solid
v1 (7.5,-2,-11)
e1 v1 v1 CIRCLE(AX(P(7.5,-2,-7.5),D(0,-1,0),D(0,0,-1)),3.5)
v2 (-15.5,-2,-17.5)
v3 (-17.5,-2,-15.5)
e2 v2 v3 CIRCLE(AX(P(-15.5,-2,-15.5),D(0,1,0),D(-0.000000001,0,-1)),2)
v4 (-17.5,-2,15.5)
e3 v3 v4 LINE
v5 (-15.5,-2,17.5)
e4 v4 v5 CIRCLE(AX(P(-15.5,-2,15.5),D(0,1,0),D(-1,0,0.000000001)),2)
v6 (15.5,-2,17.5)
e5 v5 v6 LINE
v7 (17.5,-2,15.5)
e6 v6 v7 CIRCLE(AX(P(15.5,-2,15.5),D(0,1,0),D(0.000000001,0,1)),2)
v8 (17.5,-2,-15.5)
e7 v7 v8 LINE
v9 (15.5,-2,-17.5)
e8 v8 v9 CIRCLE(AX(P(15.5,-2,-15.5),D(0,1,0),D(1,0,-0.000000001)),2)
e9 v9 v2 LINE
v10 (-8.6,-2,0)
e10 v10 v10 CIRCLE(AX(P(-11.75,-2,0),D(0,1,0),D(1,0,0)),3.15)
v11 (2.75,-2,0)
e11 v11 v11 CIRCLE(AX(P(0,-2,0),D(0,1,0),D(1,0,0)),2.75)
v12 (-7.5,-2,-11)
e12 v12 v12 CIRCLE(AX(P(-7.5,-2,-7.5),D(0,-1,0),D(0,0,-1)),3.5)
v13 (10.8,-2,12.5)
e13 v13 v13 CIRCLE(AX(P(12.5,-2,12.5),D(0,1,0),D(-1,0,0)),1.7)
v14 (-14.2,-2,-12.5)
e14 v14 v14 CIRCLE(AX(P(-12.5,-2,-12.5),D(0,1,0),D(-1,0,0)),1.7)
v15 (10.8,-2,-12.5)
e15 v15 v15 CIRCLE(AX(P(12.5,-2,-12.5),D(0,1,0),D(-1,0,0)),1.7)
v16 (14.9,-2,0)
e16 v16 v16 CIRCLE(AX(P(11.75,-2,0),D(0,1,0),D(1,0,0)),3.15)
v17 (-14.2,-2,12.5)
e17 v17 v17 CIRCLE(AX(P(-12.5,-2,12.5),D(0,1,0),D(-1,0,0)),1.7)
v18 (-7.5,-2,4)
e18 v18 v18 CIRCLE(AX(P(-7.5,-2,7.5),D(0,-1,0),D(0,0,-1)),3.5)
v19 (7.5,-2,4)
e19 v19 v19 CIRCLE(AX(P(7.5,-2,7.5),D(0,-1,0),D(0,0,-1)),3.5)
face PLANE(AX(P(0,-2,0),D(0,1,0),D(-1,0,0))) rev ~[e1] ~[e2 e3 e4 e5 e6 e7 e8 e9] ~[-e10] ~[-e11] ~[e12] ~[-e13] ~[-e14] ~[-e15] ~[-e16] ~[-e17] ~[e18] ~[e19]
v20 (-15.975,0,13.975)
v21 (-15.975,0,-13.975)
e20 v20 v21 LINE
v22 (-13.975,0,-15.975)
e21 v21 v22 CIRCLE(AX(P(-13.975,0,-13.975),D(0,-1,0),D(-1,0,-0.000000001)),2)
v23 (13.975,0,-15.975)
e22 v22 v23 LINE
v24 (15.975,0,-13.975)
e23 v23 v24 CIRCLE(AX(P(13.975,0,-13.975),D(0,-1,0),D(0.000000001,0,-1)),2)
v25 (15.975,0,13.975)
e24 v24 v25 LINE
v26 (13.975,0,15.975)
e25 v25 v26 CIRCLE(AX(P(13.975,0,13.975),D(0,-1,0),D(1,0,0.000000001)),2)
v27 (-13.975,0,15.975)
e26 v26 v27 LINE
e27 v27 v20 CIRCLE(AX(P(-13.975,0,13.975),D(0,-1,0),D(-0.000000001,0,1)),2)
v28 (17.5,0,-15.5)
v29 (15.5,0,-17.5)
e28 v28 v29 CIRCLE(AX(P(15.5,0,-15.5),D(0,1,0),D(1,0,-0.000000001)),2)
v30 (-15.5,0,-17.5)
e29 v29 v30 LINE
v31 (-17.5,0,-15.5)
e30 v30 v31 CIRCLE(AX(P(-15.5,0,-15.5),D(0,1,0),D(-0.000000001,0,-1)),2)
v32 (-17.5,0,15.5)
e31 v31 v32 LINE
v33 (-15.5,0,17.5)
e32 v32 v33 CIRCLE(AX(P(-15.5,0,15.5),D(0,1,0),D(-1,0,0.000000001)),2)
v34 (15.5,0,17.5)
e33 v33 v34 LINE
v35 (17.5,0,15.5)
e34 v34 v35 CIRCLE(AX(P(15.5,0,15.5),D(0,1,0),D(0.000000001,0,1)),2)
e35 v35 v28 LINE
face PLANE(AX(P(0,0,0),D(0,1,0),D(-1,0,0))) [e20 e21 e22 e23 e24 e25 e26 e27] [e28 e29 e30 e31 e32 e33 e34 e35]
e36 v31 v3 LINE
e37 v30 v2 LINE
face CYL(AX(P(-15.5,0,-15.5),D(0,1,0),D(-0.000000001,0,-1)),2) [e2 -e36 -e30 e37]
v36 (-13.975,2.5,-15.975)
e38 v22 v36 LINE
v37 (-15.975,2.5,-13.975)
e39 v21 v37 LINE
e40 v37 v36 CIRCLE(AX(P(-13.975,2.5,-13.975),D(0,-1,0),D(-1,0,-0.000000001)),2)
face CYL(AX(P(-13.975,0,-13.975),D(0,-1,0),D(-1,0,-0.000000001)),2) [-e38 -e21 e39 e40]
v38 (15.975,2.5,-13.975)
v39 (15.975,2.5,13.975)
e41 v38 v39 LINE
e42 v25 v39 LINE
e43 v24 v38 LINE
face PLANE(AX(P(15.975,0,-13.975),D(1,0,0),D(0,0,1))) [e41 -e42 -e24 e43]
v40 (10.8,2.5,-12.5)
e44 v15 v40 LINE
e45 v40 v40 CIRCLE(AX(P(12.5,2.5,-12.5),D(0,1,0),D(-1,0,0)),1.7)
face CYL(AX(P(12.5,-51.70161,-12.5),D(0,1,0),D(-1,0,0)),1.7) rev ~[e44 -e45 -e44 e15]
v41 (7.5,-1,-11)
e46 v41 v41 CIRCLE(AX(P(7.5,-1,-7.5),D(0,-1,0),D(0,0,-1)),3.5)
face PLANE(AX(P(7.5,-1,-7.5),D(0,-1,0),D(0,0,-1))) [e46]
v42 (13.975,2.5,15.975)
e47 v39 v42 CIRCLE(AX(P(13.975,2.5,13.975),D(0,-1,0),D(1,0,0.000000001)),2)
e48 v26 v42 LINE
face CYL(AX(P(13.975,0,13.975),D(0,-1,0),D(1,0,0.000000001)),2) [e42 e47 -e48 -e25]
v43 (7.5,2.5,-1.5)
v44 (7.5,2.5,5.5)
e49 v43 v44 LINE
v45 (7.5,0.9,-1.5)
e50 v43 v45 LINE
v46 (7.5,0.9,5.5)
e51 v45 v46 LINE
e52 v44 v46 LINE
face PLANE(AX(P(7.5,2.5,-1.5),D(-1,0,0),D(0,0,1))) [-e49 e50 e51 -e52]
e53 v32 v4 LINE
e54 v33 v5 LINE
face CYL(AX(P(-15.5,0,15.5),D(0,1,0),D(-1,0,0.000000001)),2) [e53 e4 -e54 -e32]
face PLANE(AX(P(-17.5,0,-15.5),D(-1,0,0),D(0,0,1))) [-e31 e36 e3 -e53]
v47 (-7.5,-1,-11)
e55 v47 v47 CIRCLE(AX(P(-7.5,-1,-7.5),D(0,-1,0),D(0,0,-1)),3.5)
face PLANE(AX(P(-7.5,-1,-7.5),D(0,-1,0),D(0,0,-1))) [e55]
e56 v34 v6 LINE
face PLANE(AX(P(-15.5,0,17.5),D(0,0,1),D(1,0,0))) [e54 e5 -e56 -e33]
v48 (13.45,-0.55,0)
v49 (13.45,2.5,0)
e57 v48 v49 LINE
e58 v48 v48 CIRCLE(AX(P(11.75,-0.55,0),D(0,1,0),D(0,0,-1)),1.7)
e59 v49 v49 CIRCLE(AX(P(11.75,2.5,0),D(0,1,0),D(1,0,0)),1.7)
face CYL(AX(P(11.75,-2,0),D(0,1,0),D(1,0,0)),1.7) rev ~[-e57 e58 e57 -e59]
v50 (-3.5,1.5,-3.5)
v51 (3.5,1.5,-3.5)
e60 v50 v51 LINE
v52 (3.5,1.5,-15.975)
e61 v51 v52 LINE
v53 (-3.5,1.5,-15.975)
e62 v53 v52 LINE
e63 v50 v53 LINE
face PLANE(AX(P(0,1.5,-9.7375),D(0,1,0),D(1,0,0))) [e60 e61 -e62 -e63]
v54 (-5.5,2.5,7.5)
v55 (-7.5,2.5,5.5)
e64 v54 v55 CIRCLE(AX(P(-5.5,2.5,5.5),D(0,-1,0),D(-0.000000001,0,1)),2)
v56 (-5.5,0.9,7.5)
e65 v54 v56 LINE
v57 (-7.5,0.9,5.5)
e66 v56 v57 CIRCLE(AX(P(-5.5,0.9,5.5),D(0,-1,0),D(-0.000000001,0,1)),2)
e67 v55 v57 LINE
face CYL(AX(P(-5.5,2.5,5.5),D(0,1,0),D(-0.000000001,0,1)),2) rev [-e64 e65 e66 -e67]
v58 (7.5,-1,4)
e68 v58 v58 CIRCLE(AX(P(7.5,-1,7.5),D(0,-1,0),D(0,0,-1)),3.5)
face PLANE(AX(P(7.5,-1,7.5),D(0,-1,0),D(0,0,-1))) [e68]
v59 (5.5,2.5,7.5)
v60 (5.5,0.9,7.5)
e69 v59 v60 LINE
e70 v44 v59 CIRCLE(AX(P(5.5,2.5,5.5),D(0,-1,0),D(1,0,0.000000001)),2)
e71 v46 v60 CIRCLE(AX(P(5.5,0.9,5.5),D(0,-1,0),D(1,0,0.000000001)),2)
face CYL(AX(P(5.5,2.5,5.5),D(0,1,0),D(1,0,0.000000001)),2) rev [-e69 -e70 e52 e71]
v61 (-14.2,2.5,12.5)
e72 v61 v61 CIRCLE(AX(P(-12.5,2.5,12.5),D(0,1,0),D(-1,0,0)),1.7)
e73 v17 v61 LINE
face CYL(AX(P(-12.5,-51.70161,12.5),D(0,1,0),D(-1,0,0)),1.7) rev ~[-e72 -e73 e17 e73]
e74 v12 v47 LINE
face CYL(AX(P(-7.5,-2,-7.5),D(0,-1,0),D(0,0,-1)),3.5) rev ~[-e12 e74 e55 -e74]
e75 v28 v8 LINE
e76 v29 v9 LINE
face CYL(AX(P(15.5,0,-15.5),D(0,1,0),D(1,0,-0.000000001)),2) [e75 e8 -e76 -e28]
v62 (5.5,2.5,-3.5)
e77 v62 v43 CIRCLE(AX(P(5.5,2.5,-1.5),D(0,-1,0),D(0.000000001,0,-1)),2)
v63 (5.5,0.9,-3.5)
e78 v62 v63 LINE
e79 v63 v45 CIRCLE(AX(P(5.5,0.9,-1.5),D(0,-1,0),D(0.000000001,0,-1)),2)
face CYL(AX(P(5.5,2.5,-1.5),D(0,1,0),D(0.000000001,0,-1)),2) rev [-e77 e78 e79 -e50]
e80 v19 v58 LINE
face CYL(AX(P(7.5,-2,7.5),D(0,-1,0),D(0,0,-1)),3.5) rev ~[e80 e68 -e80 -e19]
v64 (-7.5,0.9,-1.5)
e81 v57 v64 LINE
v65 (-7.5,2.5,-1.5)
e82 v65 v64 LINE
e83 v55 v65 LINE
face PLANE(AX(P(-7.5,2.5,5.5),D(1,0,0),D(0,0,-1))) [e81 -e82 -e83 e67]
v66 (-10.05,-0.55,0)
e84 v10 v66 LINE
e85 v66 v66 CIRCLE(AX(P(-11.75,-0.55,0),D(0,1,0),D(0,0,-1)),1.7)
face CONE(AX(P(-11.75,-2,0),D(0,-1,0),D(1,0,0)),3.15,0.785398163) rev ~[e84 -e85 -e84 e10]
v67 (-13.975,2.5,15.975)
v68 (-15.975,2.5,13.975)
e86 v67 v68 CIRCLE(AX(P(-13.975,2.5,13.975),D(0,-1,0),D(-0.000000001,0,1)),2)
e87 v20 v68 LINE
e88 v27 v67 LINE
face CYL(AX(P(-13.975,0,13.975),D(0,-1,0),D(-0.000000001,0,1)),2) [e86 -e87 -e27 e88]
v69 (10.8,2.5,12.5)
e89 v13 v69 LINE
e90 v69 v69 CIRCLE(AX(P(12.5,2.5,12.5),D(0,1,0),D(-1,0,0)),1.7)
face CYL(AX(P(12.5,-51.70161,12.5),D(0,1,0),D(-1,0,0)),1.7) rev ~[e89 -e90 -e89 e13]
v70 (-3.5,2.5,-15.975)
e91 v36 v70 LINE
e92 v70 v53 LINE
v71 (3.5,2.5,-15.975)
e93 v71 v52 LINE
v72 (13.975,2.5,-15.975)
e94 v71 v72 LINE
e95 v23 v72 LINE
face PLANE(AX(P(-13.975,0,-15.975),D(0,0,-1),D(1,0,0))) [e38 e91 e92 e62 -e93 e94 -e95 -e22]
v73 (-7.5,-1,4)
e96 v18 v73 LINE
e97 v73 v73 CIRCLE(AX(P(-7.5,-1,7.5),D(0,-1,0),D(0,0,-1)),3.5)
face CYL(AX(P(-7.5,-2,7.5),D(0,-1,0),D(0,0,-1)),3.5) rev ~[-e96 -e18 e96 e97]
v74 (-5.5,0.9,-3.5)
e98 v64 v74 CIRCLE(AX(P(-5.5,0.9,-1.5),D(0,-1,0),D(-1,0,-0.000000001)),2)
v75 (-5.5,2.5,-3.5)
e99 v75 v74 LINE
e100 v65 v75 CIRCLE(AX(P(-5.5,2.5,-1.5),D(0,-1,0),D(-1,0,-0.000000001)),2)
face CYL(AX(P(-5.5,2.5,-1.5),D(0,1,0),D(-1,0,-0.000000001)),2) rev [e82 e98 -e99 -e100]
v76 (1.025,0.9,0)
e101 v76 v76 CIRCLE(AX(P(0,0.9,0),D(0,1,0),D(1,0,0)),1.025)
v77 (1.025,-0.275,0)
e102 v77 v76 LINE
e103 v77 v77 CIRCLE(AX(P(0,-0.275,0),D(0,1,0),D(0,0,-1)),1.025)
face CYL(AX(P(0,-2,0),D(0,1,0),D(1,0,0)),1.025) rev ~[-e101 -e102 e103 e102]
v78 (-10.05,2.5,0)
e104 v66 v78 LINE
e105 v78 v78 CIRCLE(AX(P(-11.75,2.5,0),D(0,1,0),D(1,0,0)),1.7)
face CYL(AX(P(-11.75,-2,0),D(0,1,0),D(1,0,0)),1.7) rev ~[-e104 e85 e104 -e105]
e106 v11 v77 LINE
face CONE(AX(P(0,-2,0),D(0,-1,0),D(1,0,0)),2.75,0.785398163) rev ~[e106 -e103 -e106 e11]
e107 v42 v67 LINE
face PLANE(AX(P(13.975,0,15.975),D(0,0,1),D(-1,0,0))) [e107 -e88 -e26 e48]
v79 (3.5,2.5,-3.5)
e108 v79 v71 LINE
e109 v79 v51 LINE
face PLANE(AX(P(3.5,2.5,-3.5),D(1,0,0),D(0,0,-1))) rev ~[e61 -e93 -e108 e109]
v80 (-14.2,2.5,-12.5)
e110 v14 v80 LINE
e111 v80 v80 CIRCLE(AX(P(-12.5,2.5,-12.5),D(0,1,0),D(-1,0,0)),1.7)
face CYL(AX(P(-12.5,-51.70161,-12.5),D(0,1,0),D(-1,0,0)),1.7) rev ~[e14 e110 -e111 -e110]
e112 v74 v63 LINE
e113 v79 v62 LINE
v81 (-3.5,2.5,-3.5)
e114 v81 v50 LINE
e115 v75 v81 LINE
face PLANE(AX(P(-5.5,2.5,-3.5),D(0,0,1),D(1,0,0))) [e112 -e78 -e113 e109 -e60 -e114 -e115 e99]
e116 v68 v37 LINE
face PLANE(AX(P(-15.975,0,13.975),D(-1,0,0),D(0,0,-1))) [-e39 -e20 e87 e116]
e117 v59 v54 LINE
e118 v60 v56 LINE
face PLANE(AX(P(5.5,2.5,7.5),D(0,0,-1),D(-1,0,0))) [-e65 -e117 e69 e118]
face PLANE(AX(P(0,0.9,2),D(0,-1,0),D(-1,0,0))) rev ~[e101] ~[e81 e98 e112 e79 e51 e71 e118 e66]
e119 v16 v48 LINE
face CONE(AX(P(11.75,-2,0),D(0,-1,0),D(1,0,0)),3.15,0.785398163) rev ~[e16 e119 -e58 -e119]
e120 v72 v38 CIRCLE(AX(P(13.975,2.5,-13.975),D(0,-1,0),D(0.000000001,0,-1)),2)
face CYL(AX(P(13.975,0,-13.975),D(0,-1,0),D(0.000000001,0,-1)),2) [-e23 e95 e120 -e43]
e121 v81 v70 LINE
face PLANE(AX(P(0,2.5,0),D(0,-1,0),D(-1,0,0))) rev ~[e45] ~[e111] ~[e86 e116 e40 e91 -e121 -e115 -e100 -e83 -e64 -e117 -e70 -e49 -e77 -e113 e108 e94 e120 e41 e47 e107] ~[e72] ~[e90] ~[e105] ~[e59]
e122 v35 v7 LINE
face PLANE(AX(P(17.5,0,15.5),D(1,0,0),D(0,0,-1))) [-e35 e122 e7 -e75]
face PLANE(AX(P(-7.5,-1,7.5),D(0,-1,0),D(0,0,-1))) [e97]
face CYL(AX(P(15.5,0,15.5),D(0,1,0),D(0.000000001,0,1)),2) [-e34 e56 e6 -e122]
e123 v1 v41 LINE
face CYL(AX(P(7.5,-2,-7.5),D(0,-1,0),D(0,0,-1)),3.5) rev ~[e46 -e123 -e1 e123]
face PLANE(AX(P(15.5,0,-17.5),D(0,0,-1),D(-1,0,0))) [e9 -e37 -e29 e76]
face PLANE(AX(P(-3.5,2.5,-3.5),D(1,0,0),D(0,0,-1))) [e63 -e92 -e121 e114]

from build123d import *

# Parameters (mm, degrees)
EXTRUDE_1_DEPTH              = 2.5
EXTRUDE_2_DEPTH              = 2
HOLE_WIZARD_3_4_D            = 3.4
CUT_EXTRUDE_2193_DEPTH       = 1.6
HOLE_WIZARD_3_D              = 3.4
HOLE_WIZARD_3_CSINK_D        = 6.3
HOLE_WIZARD_3_CSINK_ANGLE    = 90
SKETCH_8_W                   = 7
SKETCH_8_H                   = 12.475
CUT_EXTRUDE_3485_DEPTH       = 1
SKETCH_11_R                  = 3.5
CUT_EXTRUDE_7_1_DEPTH        = 1
HOLE_WIZARD_M2_5_D           = 2.05
HOLE_WIZARD_M2_5_CSINK_D     = 5.5
HOLE_WIZARD_M2_5_CSINK_ANGLE = 90


with BuildPart() as part:
    # Эскиз1 → Бобышка-Вытянуть1 (new body)
    with BuildSketch(Plane(origin=(0, 0, 0), x_dir=(1, 0, 0), z_dir=(0, 1, 0))):
        with BuildLine():
            Line((-13.975, 15.975), (13.975, 15.975))
            ThreePointArc((13.975, 15.975), (15.389213562, 15.389213562), (15.975, 13.975))
            Line((15.975, 13.975), (15.975, -13.975))
            ThreePointArc((15.975, -13.975), (15.389213562, -15.389213562), (13.975, -15.975))
            Line((13.975, -15.975), (-13.975, -15.975))
            ThreePointArc((-13.975, -15.975), (-15.389213562, -15.389213562), (-15.975, -13.975))
            Line((-15.975, -13.975), (-15.975, 13.975))
            ThreePointArc((-15.975, 13.975), (-15.389213562, 15.389213562), (-13.975, 15.975))
        make_face()
    extrude(amount=EXTRUDE_1_DEPTH)

    # Эскиз9 → Бобышка-Вытянуть2 (add)
    with BuildSketch(Plane.XZ):
        with BuildLine():
            Line((-15.5, 17.5), (15.5, 17.5))
            ThreePointArc((15.5, 17.5), (16.914213562, 16.914213562), (17.5, 15.5))
            Line((17.5, 15.5), (17.5, -15.5))
            ThreePointArc((17.5, -15.5), (16.914213562, -16.914213562), (15.5, -17.5))
            Line((15.5, -17.5), (-15.5, -17.5))
            ThreePointArc((-15.5, -17.5), (-16.914213562, -16.914213562), (-17.5, -15.5))
            Line((-17.5, -15.5), (-17.5, 15.5))
            ThreePointArc((-17.5, 15.5), (-16.914213562, 16.914213562), (-15.5, 17.5))
        make_face()
    extrude(amount=EXTRUDE_2_DEPTH)

    # Диаметр отверстия Ø3.4 (through all)
    with Locations(Plane.XZ.offset(2)):
        with Locations((-12.5, -12.5), (12.5, -12.5), (12.5, 12.5), (-12.5, 12.5)):
            Hole(HOLE_WIZARD_3_4_D / 2)

    # Эскиз4 → Cut-Extrude 2193 (cut)
    with BuildSketch(Plane(origin=(0, 2.5, 0), x_dir=(1, 0, 0), z_dir=(0, 1, 0))):
        with BuildLine():
            Line((-5.5, 3.5), (5.5, 3.5))
            ThreePointArc((5.5, 3.5), (6.914213562, 2.914213562), (7.5, 1.5))
            Line((7.5, 1.5), (7.5, -5.5))
            ThreePointArc((7.5, -5.5), (6.914213562, -6.914213562), (5.5, -7.5))
            Line((5.5, -7.5), (-5.5, -7.5))
            ThreePointArc((-5.5, -7.5), (-6.914213562, -6.914213562), (-7.5, -5.5))
            Line((-7.5, -5.5), (-7.5, 1.5))
            ThreePointArc((-7.5, 1.5), (-6.914213562, 2.914213562), (-5.5, 3.5))
        make_face()
    extrude(amount=-CUT_EXTRUDE_2193_DEPTH, mode=Mode.SUBTRACT)

    # Крепление дна М3 (through all)
    with Locations(Plane(origin=(0, -2, 0), x_dir=(-1, 0, 0), z_dir=(0, -1, 0))):
        with Locations((11.75, 0), (-11.75, 0)):
            CounterSinkHole(HOLE_WIZARD_3_D / 2, HOLE_WIZARD_3_CSINK_D / 2, counter_sink_angle=HOLE_WIZARD_3_CSINK_ANGLE)

    # Эскиз8 → Cut-Extrude 3485 (cut)
    with BuildSketch(Plane(origin=(0, 2.5, 0), x_dir=(1, 0, 0), z_dir=(0, 1, 0))):
        with Locations((0, 9.7375)):
            Rectangle(SKETCH_8_W, SKETCH_8_H)
    extrude(amount=-CUT_EXTRUDE_3485_DEPTH, mode=Mode.SUBTRACT)

    # Эскиз11 → Вырез магнитов 7*1 (cut)
    with BuildSketch(Plane.XZ.offset(2)):
        with Locations(Location((-7.5, 7.5, 0), (0, 0, 270))):
            Circle(SKETCH_11_R)
        with Locations(Location((7.5, 7.5, 0), (0, 0, 270))):
            Circle(SKETCH_11_R)
        with Locations(Location((-7.5, -7.5, 0), (0, 0, 270))):
            Circle(SKETCH_11_R)
        with Locations(Location((7.5, -7.5, 0), (0, 0, 270))):
            Circle(SKETCH_11_R)
    extrude(amount=-CUT_EXTRUDE_7_1_DEPTH, mode=Mode.SUBTRACT)

    # Отверстие для настройки M2.5 (through all)
    with Locations(Plane(origin=(0, -2, 0), x_dir=(-1, 0, 0), z_dir=(0, -1, 0))):
        with Locations((0, 0)):
            CounterSinkHole(HOLE_WIZARD_M2_5_D / 2, HOLE_WIZARD_M2_5_CSINK_D / 2, counter_sink_angle=HOLE_WIZARD_M2_5_CSINK_ANGLE)


solid = part.part
